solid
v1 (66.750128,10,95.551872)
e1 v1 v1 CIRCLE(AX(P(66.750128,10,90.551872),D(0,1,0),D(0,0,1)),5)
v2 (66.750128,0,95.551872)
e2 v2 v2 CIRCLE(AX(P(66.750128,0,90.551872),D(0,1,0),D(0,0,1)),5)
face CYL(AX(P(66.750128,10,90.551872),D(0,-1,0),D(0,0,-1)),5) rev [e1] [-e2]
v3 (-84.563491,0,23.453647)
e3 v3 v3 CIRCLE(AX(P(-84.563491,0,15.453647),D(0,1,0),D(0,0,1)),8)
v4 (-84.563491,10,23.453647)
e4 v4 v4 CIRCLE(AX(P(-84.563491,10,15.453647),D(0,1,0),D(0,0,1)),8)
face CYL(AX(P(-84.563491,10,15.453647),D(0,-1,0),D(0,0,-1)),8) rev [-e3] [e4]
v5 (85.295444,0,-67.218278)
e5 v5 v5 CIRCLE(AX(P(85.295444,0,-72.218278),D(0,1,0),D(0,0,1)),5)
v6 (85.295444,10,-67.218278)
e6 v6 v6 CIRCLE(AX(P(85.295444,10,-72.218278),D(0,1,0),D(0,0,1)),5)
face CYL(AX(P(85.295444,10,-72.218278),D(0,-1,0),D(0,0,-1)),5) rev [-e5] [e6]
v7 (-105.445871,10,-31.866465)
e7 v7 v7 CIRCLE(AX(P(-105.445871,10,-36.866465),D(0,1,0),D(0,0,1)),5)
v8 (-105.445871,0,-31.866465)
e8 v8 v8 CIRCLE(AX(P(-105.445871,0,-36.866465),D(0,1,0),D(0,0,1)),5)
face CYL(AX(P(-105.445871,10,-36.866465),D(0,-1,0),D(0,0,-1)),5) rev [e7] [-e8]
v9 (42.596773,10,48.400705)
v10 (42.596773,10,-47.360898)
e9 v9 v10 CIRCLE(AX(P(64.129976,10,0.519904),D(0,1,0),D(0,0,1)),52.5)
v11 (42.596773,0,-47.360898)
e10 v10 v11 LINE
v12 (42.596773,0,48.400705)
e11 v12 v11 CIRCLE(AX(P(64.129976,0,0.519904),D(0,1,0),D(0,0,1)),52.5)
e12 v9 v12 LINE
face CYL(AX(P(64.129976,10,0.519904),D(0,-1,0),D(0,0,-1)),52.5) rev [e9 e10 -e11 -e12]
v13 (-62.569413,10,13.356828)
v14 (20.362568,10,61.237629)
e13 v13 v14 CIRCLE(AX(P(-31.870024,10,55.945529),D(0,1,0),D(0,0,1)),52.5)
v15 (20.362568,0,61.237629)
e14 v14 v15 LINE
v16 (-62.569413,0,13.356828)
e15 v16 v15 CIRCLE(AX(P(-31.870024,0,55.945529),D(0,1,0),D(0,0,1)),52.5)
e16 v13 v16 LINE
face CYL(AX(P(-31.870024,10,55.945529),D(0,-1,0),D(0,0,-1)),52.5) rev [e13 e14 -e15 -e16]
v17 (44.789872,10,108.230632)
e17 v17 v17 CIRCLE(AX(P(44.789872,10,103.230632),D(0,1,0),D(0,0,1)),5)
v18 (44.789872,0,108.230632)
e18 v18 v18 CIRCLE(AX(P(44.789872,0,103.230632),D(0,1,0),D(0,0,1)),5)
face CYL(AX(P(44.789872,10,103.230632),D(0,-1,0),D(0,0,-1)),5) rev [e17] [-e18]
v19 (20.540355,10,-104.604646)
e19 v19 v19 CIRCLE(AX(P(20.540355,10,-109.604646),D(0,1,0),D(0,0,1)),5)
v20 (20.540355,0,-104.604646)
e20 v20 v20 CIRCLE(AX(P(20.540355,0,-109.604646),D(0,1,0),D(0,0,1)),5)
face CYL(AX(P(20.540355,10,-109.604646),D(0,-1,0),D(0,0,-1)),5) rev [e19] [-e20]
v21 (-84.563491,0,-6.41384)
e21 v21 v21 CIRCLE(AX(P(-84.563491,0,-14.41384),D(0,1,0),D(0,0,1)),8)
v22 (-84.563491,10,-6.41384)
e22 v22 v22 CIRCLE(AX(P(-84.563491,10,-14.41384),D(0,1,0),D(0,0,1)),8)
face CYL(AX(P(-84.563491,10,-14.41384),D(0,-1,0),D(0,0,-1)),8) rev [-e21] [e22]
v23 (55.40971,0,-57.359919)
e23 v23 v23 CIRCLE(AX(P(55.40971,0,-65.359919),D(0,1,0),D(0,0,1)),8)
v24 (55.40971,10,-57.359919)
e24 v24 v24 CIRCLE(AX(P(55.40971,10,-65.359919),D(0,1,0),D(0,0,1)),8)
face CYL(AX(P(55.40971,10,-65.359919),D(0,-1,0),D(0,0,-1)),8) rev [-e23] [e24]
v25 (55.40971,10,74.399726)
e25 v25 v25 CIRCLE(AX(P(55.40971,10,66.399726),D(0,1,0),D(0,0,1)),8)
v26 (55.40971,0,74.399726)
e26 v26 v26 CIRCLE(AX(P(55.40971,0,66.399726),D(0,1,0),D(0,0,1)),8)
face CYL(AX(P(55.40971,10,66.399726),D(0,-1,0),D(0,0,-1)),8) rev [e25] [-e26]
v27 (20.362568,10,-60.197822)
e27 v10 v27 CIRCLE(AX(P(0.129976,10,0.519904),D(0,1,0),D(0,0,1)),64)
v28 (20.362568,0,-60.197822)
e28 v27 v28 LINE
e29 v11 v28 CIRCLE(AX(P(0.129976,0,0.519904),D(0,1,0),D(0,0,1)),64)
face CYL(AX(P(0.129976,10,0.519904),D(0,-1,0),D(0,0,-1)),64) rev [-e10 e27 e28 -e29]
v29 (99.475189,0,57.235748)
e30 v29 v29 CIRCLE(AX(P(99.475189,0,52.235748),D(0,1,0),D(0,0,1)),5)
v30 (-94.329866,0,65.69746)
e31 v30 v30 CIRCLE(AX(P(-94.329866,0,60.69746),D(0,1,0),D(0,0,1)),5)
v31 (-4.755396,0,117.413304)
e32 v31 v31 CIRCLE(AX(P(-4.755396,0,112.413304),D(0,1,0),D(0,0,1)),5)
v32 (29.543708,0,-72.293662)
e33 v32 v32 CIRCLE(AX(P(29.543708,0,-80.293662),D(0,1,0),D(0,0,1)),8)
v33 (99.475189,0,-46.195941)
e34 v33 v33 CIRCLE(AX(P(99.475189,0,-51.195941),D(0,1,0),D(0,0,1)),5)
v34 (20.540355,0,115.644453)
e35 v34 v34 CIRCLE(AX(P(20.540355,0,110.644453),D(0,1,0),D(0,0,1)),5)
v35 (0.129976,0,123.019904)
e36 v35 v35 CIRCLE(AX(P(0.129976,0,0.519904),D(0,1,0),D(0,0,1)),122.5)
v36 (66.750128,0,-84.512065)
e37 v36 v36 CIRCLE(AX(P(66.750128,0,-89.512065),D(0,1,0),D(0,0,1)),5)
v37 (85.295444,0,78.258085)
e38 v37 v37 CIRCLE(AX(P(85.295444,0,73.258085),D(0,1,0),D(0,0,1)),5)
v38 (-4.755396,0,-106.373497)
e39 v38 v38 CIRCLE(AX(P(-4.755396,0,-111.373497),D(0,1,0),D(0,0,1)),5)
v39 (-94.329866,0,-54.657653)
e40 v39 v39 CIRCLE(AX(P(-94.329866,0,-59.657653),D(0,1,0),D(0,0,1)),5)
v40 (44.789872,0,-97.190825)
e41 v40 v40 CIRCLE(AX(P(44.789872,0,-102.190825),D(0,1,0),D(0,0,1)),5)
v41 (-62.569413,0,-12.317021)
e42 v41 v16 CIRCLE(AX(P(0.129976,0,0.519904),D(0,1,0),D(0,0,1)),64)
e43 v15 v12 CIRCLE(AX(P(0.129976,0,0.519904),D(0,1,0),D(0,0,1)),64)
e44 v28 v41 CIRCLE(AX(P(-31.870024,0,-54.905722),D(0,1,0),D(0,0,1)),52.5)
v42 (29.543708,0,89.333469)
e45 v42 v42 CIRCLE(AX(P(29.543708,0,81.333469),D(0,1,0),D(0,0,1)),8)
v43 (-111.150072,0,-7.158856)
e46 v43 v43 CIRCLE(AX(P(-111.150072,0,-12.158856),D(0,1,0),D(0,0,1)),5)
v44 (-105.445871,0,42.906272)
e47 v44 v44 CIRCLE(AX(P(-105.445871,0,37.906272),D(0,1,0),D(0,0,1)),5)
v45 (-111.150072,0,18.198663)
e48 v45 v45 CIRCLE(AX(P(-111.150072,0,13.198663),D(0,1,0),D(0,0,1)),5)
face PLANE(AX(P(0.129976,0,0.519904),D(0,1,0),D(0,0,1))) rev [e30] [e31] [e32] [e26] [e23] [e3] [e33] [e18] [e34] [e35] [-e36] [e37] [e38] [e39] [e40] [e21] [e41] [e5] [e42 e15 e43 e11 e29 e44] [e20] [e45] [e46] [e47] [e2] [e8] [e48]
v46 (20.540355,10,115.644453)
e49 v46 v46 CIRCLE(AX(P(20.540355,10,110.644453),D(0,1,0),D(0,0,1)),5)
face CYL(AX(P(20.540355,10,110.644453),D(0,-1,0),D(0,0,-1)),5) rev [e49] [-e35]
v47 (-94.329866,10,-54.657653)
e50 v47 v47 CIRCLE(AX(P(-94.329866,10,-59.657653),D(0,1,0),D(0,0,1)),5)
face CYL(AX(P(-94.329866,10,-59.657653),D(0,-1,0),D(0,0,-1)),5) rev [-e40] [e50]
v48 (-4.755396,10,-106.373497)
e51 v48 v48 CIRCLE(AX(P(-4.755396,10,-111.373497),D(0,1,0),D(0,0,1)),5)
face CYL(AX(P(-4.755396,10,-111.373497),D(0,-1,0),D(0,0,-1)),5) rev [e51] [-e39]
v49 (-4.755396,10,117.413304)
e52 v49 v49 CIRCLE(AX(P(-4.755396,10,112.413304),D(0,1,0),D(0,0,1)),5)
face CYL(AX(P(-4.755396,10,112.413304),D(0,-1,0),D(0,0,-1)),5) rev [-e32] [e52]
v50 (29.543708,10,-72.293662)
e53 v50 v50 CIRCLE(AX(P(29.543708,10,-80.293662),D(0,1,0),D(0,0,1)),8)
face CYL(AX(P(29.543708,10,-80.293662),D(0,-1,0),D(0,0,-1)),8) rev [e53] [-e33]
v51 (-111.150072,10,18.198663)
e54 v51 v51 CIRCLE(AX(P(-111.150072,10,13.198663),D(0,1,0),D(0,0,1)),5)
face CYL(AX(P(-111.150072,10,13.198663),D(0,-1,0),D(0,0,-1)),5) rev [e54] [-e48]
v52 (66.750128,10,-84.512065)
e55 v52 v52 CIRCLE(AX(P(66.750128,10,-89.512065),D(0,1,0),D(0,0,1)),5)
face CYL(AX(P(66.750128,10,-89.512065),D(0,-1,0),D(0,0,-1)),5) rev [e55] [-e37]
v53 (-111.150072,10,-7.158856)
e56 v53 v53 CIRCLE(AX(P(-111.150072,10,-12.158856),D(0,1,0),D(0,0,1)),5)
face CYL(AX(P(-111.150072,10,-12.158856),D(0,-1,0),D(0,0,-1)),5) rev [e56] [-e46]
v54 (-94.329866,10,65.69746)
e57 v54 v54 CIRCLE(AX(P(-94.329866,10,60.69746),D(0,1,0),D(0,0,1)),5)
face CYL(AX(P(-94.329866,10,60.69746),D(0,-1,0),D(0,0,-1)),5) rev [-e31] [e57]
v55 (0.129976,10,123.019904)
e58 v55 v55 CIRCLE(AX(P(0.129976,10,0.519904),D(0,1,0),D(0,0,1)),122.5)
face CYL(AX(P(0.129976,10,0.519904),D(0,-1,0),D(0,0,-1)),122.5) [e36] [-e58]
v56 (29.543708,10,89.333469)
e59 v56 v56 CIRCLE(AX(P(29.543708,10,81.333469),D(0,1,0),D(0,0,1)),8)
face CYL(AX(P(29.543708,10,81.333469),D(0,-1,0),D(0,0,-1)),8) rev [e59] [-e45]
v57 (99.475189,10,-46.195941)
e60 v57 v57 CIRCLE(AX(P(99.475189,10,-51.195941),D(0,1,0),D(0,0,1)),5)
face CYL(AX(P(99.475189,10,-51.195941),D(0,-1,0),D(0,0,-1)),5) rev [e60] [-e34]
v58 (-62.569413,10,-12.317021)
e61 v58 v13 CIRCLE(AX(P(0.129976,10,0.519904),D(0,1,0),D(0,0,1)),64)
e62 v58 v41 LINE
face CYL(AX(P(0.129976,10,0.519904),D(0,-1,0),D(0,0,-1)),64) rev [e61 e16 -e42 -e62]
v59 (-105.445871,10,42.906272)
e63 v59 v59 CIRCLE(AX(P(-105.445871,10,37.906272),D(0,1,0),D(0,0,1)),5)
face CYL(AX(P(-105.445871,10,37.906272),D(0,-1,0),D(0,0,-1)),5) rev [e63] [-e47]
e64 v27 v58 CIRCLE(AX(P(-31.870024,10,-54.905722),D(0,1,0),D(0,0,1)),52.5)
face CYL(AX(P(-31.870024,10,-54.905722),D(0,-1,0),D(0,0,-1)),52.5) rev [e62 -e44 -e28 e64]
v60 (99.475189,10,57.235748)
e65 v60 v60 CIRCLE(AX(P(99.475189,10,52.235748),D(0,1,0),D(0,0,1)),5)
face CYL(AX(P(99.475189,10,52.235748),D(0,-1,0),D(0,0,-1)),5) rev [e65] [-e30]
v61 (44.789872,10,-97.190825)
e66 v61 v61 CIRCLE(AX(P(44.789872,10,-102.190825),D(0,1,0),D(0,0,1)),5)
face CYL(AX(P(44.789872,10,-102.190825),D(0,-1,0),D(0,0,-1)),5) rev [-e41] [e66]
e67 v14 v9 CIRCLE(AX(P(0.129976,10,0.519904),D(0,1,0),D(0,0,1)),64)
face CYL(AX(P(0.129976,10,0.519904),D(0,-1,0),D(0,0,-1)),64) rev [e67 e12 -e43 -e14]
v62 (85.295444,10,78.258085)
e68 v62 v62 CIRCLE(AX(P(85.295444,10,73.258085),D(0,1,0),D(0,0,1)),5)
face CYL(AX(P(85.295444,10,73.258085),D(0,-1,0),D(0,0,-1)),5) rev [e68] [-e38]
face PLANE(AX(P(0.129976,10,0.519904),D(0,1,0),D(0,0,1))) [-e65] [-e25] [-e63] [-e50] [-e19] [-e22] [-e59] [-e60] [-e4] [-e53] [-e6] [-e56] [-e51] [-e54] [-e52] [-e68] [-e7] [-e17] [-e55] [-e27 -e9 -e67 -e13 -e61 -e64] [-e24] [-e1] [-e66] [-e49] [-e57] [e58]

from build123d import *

# Parameters (mm, degrees)
SKETCH1_R           = 122.5
SKETCH1_R_2         = 5
SKETCH1_R_3         = 8
BOSS_EXTRUDE1_DEPTH = 10


with BuildPart() as part:
    # Sketch1 → Boss-Extrude1 (new body)
    with BuildSketch(Plane(origin=(0, 0, 0), x_dir=(1, 0, 0), z_dir=(0, 1, 0))):
        with Locations(Location((0.129975876, -0.519903504, 0), (0, 0, 270))):
            Circle(SKETCH1_R)
        with Locations(Location((-105.445871126, 36.866464731, 0), (0, 0, 270))):
            Circle(SKETCH1_R_2, mode=Mode.SUBTRACT)
        with Locations(Location((-111.15007196, 12.158856438, 0), (0, 0, 270))):
            Circle(SKETCH1_R_2, mode=Mode.SUBTRACT)
        with Locations(Location((-84.563490883, 14.413839776, 0), (0, 0, 270))):
            Circle(SKETCH1_R_3, mode=Mode.SUBTRACT)
        with Locations(Location((-84.563490883, -15.453646783, 0), (0, 0, 270))):
            Circle(SKETCH1_R_3, mode=Mode.SUBTRACT)
        with Locations(Location((-105.445871126, -37.906271738, 0), (0, 0, 270))):
            Circle(SKETCH1_R_2, mode=Mode.SUBTRACT)
        with Locations(Location((-111.15007196, -13.198663446, 0), (0, 0, 270))):
            Circle(SKETCH1_R_2, mode=Mode.SUBTRACT)
        with Locations(Location((-94.329866055, 59.657652631, 0), (0, 0, 270))):
            Circle(SKETCH1_R_2, mode=Mode.SUBTRACT)
        with Locations(Location((-4.755395509, 111.373497314, 0), (0, 0, 270))):
            Circle(SKETCH1_R_2, mode=Mode.SUBTRACT)
        with Locations(Location((20.540354731, 109.604646144, 0), (0, 0, 270))):
            Circle(SKETCH1_R_2, mode=Mode.SUBTRACT)
        with Locations(Location((-4.755395509, -112.413304321, 0), (0, 0, 270))):
            Circle(SKETCH1_R_2, mode=Mode.SUBTRACT)
        with Locations(Location((20.540354731, -110.644453151, 0), (0, 0, 270))):
            Circle(SKETCH1_R_2, mode=Mode.SUBTRACT)
        with Locations(Location((44.789871596, -103.230631835, 0), (0, 0, 270))):
            Circle(SKETCH1_R_2, mode=Mode.SUBTRACT)
        with Locations(Location((66.750127992, -90.551871893, 0), (0, 0, 270))):
            Circle(SKETCH1_R_2, mode=Mode.SUBTRACT)
        with Locations(Location((85.295444023, -73.258084917, 0), (0, 0, 270))):
            Circle(SKETCH1_R_2, mode=Mode.SUBTRACT)
        with Locations(Location((99.475189192, -52.235748186, 0), (0, 0, 270))):
            Circle(SKETCH1_R_2, mode=Mode.SUBTRACT)
        with Locations(Location((55.409710309, -66.399725612, 0), (0, 0, 270))):
            Circle(SKETCH1_R_3, mode=Mode.SUBTRACT)
        with Locations(Location((29.543708202, -81.333468891, 0), (0, 0, 270))):
            Circle(SKETCH1_R_3, mode=Mode.SUBTRACT)
        with Locations(Location((-94.329866055, -60.697459638, 0), (0, 0, 270))):
            Circle(SKETCH1_R_2, mode=Mode.SUBTRACT)
        with Locations(Location((29.543708202, 80.293661884, 0), (0, 0, 270))):
            Circle(SKETCH1_R_3, mode=Mode.SUBTRACT)
        with Locations(Location((55.409710309, 65.359918605, 0), (0, 0, 270))):
            Circle(SKETCH1_R_3, mode=Mode.SUBTRACT)
        with Locations(Location((99.475189192, 51.195941179, 0), (0, 0, 270))):
            Circle(SKETCH1_R_2, mode=Mode.SUBTRACT)
        with Locations(Location((85.295444023, 72.218277909, 0), (0, 0, 270))):
            Circle(SKETCH1_R_2, mode=Mode.SUBTRACT)
        with Locations(Location((66.750127992, 89.512064886, 0), (0, 0, 270))):
            Circle(SKETCH1_R_2, mode=Mode.SUBTRACT)
        with Locations(Location((44.789871596, 102.190824828, 0), (0, 0, 270))):
            Circle(SKETCH1_R_2, mode=Mode.SUBTRACT)
        with BuildLine():
            ThreePointArc((20.36256799, 60.197822214), (-58.120024124, 100.372056037), (-62.569413113, 12.317020601))
            ThreePointArc((-62.569413113, 12.317020601), (-63.870024124, -0.519903504), (-62.569413113, -13.356827608))
            ThreePointArc((-62.569413113, -13.356827608), (-58.120024124, -101.411863045), (20.36256799, -61.237629222))
            ThreePointArc((20.36256799, -61.237629222), (32.129975876, -55.945529346), (42.596772751, -48.400705117))
            ThreePointArc((42.596772751, -48.400705117), (116.629975876, -0.519903504), (42.596772751, 47.36089811))
            ThreePointArc((42.596772751, 47.36089811), (32.129975876, 54.905722339), (20.36256799, 60.197822214))
        make_face(mode=Mode.SUBTRACT)
    extrude(amount=BOSS_EXTRUDE1_DEPTH)


solid = part.part
